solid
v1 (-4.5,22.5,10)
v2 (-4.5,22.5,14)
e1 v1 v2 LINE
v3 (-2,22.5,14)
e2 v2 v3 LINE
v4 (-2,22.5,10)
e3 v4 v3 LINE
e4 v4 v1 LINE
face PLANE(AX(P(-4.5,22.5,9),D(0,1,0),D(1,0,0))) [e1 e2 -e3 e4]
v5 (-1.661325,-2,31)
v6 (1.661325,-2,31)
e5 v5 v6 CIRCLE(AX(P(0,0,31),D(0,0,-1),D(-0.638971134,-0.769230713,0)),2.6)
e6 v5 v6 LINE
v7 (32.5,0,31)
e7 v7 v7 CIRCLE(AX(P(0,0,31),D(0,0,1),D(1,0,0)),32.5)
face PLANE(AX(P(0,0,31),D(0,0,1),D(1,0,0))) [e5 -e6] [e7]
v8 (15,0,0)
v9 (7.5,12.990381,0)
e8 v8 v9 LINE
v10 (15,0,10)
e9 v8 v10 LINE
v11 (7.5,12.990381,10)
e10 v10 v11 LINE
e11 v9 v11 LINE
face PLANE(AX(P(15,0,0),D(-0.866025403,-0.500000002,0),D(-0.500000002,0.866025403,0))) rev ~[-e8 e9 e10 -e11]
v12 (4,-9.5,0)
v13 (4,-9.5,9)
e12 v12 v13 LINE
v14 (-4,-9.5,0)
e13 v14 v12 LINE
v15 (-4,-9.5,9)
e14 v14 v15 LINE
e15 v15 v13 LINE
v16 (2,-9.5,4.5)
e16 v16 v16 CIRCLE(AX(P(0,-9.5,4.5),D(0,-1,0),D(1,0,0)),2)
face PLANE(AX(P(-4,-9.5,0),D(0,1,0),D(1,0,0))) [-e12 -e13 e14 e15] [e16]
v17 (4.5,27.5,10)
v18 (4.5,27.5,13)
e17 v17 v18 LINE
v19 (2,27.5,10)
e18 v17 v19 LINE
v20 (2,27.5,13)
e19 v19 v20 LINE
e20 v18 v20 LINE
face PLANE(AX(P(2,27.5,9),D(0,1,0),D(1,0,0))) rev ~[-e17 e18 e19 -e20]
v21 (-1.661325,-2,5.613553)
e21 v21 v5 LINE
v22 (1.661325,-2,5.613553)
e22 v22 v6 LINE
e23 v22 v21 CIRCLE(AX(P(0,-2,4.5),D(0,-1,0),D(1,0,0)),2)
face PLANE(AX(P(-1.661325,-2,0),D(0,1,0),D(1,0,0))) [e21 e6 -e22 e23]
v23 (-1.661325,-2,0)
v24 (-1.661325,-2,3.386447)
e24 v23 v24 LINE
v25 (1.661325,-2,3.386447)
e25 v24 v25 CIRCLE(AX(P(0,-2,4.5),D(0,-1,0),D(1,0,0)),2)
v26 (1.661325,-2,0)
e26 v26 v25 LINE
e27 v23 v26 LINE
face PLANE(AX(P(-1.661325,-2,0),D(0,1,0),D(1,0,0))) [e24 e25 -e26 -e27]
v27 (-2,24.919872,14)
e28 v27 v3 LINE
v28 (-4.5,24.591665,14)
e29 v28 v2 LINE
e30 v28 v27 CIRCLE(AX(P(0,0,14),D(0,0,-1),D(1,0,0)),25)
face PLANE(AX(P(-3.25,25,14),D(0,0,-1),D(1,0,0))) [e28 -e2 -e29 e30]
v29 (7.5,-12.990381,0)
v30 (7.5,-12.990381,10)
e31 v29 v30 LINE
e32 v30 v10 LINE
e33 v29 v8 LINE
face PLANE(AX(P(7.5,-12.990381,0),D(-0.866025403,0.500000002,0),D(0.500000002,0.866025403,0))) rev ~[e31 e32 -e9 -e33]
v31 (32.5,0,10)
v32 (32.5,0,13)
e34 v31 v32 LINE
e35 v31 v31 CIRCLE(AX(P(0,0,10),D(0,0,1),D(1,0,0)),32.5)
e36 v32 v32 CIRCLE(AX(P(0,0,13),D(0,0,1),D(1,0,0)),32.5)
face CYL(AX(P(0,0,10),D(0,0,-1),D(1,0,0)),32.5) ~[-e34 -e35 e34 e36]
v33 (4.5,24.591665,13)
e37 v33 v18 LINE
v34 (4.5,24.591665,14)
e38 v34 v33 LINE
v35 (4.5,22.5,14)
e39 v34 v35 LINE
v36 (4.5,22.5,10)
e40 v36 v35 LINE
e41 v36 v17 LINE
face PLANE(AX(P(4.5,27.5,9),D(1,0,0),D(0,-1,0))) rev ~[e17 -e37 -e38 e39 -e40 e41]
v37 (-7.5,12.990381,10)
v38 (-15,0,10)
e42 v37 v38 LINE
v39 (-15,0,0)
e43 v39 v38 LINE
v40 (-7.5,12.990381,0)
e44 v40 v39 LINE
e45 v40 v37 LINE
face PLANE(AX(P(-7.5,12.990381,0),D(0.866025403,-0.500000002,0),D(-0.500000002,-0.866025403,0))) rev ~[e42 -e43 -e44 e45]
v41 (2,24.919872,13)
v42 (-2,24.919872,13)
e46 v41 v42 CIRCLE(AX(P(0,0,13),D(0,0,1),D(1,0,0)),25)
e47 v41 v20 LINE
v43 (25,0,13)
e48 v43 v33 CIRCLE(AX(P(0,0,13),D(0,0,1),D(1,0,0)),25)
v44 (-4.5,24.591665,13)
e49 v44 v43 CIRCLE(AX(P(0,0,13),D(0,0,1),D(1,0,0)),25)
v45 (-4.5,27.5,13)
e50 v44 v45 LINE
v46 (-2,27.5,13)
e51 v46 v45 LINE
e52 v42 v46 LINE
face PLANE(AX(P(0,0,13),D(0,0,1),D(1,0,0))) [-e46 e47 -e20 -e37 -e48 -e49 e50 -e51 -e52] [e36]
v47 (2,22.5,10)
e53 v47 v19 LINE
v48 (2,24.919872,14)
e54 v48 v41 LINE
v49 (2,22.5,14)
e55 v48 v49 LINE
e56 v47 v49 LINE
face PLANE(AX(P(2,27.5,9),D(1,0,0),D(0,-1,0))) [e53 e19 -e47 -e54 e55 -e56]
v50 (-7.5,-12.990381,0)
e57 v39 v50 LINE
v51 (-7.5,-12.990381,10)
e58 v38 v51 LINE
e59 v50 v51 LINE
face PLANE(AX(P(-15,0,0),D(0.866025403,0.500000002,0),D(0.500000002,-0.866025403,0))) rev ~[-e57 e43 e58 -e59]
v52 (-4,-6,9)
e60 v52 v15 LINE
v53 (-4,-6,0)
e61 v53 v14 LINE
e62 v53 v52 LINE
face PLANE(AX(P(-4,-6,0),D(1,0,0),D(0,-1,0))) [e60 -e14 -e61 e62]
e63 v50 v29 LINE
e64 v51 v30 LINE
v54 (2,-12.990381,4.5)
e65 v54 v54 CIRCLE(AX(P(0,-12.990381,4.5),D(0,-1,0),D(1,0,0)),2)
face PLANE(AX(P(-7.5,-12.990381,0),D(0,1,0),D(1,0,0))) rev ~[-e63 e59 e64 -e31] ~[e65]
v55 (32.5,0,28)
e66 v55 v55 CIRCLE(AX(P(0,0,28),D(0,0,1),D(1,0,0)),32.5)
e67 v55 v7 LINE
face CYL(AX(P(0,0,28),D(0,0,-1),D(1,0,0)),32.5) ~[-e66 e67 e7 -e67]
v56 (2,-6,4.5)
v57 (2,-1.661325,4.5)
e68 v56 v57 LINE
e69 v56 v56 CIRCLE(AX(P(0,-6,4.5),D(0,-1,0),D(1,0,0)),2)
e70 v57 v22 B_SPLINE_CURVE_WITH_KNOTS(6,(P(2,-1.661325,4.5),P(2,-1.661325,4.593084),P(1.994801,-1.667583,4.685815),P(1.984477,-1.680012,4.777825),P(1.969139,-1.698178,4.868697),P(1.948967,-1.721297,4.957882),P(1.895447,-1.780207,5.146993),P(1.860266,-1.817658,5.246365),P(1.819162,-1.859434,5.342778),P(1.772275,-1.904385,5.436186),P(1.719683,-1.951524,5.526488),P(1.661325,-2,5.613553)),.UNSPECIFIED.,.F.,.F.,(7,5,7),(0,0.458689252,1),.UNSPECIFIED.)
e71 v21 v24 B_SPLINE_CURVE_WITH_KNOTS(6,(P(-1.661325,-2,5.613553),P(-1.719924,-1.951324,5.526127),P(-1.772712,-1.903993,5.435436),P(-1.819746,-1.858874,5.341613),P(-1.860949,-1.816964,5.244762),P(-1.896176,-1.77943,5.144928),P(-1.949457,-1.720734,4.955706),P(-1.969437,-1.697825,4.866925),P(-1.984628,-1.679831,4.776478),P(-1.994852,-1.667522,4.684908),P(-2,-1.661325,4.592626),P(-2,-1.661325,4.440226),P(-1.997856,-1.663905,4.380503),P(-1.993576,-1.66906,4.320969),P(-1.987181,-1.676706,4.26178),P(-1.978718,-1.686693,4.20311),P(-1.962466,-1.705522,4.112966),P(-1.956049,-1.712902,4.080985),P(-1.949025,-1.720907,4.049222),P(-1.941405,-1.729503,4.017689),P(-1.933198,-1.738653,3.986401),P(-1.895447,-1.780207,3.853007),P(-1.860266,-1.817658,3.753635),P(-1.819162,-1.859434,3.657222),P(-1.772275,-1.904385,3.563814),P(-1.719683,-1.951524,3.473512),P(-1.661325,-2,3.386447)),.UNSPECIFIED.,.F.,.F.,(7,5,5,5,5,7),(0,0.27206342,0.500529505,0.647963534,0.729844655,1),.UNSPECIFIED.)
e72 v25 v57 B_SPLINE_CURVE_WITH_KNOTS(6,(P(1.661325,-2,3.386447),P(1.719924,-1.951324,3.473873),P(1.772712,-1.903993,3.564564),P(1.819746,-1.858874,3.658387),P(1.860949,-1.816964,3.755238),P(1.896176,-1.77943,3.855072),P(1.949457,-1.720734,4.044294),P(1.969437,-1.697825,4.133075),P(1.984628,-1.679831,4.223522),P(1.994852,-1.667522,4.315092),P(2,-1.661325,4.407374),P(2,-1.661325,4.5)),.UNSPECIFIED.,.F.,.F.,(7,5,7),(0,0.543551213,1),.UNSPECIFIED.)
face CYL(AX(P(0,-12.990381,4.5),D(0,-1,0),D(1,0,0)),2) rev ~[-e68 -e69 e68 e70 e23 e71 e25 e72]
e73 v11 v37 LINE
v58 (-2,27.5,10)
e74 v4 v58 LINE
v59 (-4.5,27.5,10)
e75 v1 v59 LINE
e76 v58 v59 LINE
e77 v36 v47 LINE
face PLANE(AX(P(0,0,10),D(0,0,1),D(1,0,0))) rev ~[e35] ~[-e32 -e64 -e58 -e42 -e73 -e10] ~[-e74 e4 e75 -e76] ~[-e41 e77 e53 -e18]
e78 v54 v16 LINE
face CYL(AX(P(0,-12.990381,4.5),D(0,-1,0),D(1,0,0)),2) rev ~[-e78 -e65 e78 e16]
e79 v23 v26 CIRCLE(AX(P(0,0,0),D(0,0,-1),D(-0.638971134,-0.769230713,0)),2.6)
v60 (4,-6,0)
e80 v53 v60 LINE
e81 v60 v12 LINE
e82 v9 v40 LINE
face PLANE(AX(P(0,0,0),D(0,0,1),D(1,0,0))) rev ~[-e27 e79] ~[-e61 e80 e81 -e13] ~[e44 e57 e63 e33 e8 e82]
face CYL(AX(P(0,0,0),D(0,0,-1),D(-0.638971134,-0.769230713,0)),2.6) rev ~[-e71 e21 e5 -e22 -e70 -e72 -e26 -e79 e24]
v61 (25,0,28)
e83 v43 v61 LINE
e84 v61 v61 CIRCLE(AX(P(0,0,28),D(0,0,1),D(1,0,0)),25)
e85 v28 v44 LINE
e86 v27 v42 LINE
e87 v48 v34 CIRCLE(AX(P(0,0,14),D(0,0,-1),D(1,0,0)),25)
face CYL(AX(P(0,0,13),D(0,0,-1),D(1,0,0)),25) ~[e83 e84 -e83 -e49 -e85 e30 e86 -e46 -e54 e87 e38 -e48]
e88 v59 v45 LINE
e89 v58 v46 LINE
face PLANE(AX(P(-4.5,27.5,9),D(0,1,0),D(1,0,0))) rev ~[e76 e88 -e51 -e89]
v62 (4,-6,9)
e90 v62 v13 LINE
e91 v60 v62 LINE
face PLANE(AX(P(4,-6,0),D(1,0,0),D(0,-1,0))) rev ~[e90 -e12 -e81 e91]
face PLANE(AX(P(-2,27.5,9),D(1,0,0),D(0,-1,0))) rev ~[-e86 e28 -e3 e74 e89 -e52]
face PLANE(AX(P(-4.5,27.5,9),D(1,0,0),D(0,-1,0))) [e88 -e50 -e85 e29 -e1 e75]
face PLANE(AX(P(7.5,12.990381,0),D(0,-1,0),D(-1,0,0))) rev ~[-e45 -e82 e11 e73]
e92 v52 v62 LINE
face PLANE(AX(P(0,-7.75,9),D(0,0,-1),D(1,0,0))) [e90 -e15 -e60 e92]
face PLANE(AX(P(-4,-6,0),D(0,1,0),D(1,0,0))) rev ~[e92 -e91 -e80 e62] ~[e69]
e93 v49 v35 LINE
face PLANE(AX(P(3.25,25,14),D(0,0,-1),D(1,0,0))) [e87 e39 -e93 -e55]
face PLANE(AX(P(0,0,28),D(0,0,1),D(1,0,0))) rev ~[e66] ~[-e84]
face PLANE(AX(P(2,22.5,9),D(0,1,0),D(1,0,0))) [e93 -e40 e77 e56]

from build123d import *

# Parameters (mm, degrees)
SKETCH001_R     = 32.5
PAD001_DEPTH    = 3
SKETCH002_R     = 25
PAD002_DEPTH    = 15
SKETCH003_R     = 32.5
PAD003_DEPTH    = 3
PAD_DEPTH       = 10
POCKET_DEPTH    = 31
SKETCH005_W     = 8
SKETCH005_H     = 3.5
POCKET001_DEPTH = 9
SKETCH006_R     = 2
POCKET002_DEPTH = 7
SKETCH007_W     = 2.5
SKETCH007_H     = 5
POCKET003_DEPTH = 5
POCKET004_DEPTH = 13


with BuildPart() as carretel:
    # Sketch001 → Pad001 (new body)
    with BuildSketch(Plane.XY):
        Circle(SKETCH001_R)
    extrude(amount=PAD001_DEPTH)

    # Sketch002 (on Sketch) → Pad002 (join)
    with BuildSketch(Plane.XY.offset(3)):
        Circle(SKETCH002_R)
    extrude(amount=PAD002_DEPTH)

    # Sketch003 (on Face5 of Pad002) → Pad003 (join)
    with BuildSketch(Plane.XY.offset(18)):
        Circle(SKETCH003_R)
    extrude(amount=PAD003_DEPTH)


with BuildPart() as carretel_1:
    # Body placement: moved
    add(carretel.part.moved(Location((0, 0, 10))))


with BuildPart() as base:
    # Sketch → Pad (new body)
    with BuildSketch(Plane.XY):
        Polygon((15, 0), (7.5, 12.990381), (-7.5, 12.990381), (-15, 0), (-7.5, -12.990381), (7.5, -12.990381), align=None)
    extrude(amount=PAD_DEPTH)

    # Boolean: union carretel
    add(carretel_1.part)

    # Sketch004 (on Sketch) → Pocket (cut)
    with BuildSketch(Plane(origin=(0, 0, 0), x_dir=(1, 0, 0), z_dir=(0, 0, -1))):
        with BuildLine():
            ThreePointArc((-1.661325, 2), (0, -2.6), (1.661325, 2))
            Line((-1.661325, 2), (1.661325, 2))
        make_face()
    extrude(amount=-POCKET_DEPTH, mode=Mode.SUBTRACT)

    # Sketch005 (on Face8 of Pocket) → Pocket001 (cut)
    with BuildSketch(Plane(origin=(0, 0, 0), x_dir=(1, 0, 0), z_dir=(0, 0, -1))):
        with Locations((0, 7.75)):
            Rectangle(SKETCH005_W, SKETCH005_H)
    extrude(amount=-POCKET001_DEPTH, mode=Mode.SUBTRACT)

    # Sketch006 (on Face13 of Pocket001) → Pocket002 (cut)
    with BuildSketch(Plane.XZ.offset(12.990381)):
        with Locations((0, 4.5)):
            Circle(SKETCH006_R)
    extrude(amount=-POCKET002_DEPTH, mode=Mode.SUBTRACT)

    # Sketch007 (on Face22 of Pocket002) → Pocket003 (cut)
    with BuildSketch(Plane(origin=(0, 0, 9), x_dir=(1, 0, 0), z_dir=(0, 0, -1))):
        with Locations((3.25, -25)):
            Rectangle(SKETCH007_W, SKETCH007_H)
        with Locations((-3.25, -25)):
            Rectangle(SKETCH007_W, SKETCH007_H)
    extrude(amount=-POCKET003_DEPTH, mode=Mode.SUBTRACT)

    # Sketch006 (on Face13 of Pocket001) → Pocket004 (cut)
    with BuildSketch(Plane.XZ.offset(12.990381)):
        with Locations((0, 4.5)):
            Circle(SKETCH006_R)
    extrude(amount=-POCKET004_DEPTH, mode=Mode.SUBTRACT)


solid = base.part
